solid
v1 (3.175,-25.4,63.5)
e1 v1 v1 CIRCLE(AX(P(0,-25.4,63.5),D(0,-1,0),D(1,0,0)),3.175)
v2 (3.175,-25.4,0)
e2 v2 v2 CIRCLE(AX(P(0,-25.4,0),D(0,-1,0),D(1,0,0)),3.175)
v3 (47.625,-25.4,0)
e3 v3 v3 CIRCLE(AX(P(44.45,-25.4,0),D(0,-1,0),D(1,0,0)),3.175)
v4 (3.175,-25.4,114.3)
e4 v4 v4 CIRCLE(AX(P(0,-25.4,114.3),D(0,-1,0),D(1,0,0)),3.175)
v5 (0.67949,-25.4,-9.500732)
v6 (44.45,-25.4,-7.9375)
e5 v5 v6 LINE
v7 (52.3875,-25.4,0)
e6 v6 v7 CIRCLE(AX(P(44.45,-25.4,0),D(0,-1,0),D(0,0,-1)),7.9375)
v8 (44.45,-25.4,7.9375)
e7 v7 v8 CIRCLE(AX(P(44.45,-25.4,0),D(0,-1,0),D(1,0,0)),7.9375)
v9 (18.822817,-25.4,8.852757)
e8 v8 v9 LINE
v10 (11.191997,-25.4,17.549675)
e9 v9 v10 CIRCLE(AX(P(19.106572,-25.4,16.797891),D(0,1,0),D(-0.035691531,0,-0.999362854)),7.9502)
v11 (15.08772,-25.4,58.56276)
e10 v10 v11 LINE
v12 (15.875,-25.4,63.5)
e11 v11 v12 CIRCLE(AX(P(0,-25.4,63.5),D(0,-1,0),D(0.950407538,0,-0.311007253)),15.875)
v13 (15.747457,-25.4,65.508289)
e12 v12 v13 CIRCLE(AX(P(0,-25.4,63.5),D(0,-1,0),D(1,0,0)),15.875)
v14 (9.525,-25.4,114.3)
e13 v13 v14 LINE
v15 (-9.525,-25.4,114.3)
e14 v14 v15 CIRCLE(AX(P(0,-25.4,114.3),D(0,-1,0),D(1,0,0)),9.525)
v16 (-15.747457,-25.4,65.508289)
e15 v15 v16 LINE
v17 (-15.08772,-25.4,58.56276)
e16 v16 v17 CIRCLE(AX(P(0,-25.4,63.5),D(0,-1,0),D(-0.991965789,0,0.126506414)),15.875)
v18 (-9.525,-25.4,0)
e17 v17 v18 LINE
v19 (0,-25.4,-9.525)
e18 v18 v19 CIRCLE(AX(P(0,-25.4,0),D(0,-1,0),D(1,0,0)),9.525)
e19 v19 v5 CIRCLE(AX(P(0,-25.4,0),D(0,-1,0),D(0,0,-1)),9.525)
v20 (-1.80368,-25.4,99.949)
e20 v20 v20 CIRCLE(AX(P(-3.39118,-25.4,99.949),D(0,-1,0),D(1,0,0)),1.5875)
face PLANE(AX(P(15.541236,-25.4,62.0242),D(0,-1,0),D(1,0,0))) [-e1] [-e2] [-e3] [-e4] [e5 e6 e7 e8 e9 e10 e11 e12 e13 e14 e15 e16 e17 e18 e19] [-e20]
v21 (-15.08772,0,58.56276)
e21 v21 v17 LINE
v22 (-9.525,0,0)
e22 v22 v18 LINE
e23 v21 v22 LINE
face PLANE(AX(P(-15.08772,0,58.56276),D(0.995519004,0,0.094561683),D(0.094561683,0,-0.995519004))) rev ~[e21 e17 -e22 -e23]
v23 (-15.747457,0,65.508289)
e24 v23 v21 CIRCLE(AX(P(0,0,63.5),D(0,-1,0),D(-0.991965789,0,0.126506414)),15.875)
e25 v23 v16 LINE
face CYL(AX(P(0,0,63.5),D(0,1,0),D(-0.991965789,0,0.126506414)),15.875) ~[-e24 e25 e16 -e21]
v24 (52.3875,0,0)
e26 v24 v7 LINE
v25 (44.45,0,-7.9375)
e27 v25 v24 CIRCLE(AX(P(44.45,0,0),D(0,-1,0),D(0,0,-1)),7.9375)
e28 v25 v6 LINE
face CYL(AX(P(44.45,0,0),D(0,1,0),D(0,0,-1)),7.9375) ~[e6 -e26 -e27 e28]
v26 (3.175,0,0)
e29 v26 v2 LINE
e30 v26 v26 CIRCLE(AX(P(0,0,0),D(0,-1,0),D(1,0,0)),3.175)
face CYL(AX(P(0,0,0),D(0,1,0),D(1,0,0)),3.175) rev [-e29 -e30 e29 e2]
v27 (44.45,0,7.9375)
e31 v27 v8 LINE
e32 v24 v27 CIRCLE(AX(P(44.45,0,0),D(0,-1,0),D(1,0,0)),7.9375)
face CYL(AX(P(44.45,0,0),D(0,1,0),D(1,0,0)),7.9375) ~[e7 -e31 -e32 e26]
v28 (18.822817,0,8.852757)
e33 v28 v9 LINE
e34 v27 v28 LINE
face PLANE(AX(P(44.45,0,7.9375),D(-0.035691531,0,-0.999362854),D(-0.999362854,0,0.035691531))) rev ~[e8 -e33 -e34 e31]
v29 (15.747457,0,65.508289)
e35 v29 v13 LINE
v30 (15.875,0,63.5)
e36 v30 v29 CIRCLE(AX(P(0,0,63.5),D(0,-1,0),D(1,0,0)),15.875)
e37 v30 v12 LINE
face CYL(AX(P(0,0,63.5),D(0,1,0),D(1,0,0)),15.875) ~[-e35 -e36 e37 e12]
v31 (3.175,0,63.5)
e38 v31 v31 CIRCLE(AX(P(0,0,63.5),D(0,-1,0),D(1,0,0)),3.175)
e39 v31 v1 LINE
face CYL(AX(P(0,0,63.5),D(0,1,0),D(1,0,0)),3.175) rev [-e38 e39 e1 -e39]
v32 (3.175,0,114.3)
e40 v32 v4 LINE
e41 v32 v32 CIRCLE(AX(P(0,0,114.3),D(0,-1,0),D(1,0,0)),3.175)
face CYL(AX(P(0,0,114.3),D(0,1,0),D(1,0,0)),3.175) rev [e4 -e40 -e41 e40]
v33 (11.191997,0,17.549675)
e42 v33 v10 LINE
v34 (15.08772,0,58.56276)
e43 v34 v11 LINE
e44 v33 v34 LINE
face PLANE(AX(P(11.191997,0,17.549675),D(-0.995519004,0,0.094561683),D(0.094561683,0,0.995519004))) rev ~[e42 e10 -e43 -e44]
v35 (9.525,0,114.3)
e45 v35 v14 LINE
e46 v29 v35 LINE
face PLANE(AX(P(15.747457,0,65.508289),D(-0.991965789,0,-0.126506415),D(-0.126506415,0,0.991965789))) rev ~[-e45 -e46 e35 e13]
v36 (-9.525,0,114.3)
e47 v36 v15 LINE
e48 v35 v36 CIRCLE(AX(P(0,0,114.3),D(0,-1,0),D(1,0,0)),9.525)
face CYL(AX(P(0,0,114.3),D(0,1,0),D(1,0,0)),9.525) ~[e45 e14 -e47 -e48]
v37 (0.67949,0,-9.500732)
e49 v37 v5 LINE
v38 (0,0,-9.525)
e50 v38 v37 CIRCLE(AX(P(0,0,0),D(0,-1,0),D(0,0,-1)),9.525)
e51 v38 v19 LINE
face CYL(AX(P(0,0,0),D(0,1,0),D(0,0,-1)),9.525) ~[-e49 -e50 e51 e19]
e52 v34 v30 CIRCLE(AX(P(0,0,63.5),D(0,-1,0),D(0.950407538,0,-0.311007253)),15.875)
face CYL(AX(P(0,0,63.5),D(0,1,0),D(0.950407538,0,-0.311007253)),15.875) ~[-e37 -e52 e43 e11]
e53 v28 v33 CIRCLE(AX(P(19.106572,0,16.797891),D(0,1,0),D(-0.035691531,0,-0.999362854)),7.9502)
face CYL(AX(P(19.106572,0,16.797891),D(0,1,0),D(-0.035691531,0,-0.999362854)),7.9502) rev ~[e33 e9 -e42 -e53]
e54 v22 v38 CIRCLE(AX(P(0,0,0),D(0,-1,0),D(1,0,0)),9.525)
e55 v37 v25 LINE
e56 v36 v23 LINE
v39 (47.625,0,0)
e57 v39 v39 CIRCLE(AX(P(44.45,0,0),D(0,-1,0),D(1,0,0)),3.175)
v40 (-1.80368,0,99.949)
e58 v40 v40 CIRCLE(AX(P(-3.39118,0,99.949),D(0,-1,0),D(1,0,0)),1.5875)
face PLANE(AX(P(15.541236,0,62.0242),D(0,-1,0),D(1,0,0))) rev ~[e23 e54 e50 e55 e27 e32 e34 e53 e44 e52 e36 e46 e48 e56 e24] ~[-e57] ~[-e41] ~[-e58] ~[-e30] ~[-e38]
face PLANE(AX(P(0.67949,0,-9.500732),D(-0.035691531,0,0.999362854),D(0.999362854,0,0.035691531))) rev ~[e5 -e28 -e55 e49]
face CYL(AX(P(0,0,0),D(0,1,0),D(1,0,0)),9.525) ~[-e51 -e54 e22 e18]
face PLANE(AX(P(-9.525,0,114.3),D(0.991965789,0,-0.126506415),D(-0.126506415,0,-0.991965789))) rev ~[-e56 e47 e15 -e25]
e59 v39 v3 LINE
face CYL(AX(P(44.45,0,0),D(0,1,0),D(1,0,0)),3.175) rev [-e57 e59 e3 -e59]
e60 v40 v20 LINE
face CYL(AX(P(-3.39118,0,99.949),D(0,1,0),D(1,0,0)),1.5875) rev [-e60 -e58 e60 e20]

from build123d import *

# Parameters (mm, degrees)
F0_R     = 3.175
F0_R_2   = 1.5875
F1_DEPTH = 25.4


with BuildPart() as f1:
    # F0 (on Front) → F1 (new body)
    with BuildSketch(Plane.XZ):
        with BuildLine():
            ThreePointArc((15.0877196672, 58.5627598555), (15.6769444522, 61.0001924791), (15.875, 63.5))
            ThreePointArc((15.875, 63.5), (15.8430821396, 64.5061676396), (15.7474569047, 65.5082893304))
            Line((15.7474569047, 65.5082893304), (15.0877196672, 58.5627598555))
        make_face()
        with BuildLine():
            Line((15.0877196672, 58.5627598555), (15.7474569047, 65.5082893304))
            ThreePointArc((15.7474569047, 65.5082893304), (0, 79.375), (-15.7474569047, 65.5082893304))
            Line((-15.7474569047, 65.5082893304), (-15.0877196672, 58.5627598555))
            ThreePointArc((-15.0877196672, 58.5627598555), (0, 47.625), (15.0877196672, 58.5627598555))
        make_face()
        with Locations((0, 63.5)):
            Circle(F0_R, mode=Mode.SUBTRACT)
        with BuildLine():
            ThreePointArc((-15.7474569047, 65.5082893304), (0, 79.375), (15.7474569047, 65.5082893304))
            Line((15.7474569047, 65.5082893304), (9.525, 114.3))
            ThreePointArc((9.525, 114.3), (0, 104.775), (-9.525, 114.3))
            Line((-9.525, 114.3), (-15.7474569047, 65.5082893304))
        make_face()
        with Locations((-3.3911804203, 99.949)):
            Circle(F0_R_2, mode=Mode.SUBTRACT)
        with BuildLine():
            Line((11.1919966494, 17.549675393), (15.0877196672, 58.5627598555))
            ThreePointArc((15.0877196672, 58.5627598555), (0, 47.625), (-15.0877196672, 58.5627598555))
            Line((-15.0877196672, 58.5627598555), (-9.525, 0))
            ThreePointArc((-9.525, 0), (0, 9.525), (9.525, 0))
            ThreePointArc((9.525, 0), (6.9712901065, -6.4905114784), (0.6794904459, -9.5007324841))
            Line((0.6794904459, -9.5007324841), (44.45, -7.9375))
            ThreePointArc((44.45, -7.9375), (36.5125, 0), (44.45, 7.9375))
            Line((44.45, 7.9375), (18.8228170321, 8.8527565346))
            ThreePointArc((18.8228170321, 8.8527565346), (13.130598856, 11.5544736108), (11.1919966494, 17.549675393))
        make_face()
        with BuildLine():
            Line((-15.0877196672, 58.5627598555), (-15.7474569047, 65.5082893304))
            ThreePointArc((-15.7474569047, 65.5082893304), (-15.8038641944, 61.9988332792), (-15.0877196672, 58.5627598555))
        make_face()
        with BuildLine():
            ThreePointArc((-9.525, 114.3), (0, 104.775), (9.525, 114.3))
            ThreePointArc((9.525, 114.3), (0, 123.825), (-9.525, 114.3))
        make_face()
        with Locations((0, 114.3)):
            Circle(F0_R, mode=Mode.SUBTRACT)
        with BuildLine():
            ThreePointArc((9.525, 0), (0, 9.525), (-9.525, 0))
            ThreePointArc((-9.525, 0), (-6.7351920908, -6.7351920908), (0, -9.525))
            Line((0, -9.525), (0.6794904459, -9.5007324841))
            ThreePointArc((0.6794904459, -9.5007324841), (6.9712901065, -6.4905114784), (9.525, 0))
        make_face()
        Circle(F0_R, mode=Mode.SUBTRACT)
        with BuildLine():
            Line((0.6794904459, -9.5007324841), (0, -9.525))
            ThreePointArc((0, -9.525), (0.3399618281, -9.5189311877), (0.6794904459, -9.5007324841))
        make_face()
        with BuildLine():
            ThreePointArc((52.3875, 0), (50.0626600757, 5.6126600757), (44.45, 7.9375))
            ThreePointArc((44.45, 7.9375), (36.5125, 0), (44.45, -7.9375))
            ThreePointArc((44.45, -7.9375), (50.0626600757, -5.6126600757), (52.3875, 0))
        make_face()
        with Locations((44.45, 0)):
            Circle(F0_R, mode=Mode.SUBTRACT)
    extrude(amount=F1_DEPTH)


solid = f1.part
